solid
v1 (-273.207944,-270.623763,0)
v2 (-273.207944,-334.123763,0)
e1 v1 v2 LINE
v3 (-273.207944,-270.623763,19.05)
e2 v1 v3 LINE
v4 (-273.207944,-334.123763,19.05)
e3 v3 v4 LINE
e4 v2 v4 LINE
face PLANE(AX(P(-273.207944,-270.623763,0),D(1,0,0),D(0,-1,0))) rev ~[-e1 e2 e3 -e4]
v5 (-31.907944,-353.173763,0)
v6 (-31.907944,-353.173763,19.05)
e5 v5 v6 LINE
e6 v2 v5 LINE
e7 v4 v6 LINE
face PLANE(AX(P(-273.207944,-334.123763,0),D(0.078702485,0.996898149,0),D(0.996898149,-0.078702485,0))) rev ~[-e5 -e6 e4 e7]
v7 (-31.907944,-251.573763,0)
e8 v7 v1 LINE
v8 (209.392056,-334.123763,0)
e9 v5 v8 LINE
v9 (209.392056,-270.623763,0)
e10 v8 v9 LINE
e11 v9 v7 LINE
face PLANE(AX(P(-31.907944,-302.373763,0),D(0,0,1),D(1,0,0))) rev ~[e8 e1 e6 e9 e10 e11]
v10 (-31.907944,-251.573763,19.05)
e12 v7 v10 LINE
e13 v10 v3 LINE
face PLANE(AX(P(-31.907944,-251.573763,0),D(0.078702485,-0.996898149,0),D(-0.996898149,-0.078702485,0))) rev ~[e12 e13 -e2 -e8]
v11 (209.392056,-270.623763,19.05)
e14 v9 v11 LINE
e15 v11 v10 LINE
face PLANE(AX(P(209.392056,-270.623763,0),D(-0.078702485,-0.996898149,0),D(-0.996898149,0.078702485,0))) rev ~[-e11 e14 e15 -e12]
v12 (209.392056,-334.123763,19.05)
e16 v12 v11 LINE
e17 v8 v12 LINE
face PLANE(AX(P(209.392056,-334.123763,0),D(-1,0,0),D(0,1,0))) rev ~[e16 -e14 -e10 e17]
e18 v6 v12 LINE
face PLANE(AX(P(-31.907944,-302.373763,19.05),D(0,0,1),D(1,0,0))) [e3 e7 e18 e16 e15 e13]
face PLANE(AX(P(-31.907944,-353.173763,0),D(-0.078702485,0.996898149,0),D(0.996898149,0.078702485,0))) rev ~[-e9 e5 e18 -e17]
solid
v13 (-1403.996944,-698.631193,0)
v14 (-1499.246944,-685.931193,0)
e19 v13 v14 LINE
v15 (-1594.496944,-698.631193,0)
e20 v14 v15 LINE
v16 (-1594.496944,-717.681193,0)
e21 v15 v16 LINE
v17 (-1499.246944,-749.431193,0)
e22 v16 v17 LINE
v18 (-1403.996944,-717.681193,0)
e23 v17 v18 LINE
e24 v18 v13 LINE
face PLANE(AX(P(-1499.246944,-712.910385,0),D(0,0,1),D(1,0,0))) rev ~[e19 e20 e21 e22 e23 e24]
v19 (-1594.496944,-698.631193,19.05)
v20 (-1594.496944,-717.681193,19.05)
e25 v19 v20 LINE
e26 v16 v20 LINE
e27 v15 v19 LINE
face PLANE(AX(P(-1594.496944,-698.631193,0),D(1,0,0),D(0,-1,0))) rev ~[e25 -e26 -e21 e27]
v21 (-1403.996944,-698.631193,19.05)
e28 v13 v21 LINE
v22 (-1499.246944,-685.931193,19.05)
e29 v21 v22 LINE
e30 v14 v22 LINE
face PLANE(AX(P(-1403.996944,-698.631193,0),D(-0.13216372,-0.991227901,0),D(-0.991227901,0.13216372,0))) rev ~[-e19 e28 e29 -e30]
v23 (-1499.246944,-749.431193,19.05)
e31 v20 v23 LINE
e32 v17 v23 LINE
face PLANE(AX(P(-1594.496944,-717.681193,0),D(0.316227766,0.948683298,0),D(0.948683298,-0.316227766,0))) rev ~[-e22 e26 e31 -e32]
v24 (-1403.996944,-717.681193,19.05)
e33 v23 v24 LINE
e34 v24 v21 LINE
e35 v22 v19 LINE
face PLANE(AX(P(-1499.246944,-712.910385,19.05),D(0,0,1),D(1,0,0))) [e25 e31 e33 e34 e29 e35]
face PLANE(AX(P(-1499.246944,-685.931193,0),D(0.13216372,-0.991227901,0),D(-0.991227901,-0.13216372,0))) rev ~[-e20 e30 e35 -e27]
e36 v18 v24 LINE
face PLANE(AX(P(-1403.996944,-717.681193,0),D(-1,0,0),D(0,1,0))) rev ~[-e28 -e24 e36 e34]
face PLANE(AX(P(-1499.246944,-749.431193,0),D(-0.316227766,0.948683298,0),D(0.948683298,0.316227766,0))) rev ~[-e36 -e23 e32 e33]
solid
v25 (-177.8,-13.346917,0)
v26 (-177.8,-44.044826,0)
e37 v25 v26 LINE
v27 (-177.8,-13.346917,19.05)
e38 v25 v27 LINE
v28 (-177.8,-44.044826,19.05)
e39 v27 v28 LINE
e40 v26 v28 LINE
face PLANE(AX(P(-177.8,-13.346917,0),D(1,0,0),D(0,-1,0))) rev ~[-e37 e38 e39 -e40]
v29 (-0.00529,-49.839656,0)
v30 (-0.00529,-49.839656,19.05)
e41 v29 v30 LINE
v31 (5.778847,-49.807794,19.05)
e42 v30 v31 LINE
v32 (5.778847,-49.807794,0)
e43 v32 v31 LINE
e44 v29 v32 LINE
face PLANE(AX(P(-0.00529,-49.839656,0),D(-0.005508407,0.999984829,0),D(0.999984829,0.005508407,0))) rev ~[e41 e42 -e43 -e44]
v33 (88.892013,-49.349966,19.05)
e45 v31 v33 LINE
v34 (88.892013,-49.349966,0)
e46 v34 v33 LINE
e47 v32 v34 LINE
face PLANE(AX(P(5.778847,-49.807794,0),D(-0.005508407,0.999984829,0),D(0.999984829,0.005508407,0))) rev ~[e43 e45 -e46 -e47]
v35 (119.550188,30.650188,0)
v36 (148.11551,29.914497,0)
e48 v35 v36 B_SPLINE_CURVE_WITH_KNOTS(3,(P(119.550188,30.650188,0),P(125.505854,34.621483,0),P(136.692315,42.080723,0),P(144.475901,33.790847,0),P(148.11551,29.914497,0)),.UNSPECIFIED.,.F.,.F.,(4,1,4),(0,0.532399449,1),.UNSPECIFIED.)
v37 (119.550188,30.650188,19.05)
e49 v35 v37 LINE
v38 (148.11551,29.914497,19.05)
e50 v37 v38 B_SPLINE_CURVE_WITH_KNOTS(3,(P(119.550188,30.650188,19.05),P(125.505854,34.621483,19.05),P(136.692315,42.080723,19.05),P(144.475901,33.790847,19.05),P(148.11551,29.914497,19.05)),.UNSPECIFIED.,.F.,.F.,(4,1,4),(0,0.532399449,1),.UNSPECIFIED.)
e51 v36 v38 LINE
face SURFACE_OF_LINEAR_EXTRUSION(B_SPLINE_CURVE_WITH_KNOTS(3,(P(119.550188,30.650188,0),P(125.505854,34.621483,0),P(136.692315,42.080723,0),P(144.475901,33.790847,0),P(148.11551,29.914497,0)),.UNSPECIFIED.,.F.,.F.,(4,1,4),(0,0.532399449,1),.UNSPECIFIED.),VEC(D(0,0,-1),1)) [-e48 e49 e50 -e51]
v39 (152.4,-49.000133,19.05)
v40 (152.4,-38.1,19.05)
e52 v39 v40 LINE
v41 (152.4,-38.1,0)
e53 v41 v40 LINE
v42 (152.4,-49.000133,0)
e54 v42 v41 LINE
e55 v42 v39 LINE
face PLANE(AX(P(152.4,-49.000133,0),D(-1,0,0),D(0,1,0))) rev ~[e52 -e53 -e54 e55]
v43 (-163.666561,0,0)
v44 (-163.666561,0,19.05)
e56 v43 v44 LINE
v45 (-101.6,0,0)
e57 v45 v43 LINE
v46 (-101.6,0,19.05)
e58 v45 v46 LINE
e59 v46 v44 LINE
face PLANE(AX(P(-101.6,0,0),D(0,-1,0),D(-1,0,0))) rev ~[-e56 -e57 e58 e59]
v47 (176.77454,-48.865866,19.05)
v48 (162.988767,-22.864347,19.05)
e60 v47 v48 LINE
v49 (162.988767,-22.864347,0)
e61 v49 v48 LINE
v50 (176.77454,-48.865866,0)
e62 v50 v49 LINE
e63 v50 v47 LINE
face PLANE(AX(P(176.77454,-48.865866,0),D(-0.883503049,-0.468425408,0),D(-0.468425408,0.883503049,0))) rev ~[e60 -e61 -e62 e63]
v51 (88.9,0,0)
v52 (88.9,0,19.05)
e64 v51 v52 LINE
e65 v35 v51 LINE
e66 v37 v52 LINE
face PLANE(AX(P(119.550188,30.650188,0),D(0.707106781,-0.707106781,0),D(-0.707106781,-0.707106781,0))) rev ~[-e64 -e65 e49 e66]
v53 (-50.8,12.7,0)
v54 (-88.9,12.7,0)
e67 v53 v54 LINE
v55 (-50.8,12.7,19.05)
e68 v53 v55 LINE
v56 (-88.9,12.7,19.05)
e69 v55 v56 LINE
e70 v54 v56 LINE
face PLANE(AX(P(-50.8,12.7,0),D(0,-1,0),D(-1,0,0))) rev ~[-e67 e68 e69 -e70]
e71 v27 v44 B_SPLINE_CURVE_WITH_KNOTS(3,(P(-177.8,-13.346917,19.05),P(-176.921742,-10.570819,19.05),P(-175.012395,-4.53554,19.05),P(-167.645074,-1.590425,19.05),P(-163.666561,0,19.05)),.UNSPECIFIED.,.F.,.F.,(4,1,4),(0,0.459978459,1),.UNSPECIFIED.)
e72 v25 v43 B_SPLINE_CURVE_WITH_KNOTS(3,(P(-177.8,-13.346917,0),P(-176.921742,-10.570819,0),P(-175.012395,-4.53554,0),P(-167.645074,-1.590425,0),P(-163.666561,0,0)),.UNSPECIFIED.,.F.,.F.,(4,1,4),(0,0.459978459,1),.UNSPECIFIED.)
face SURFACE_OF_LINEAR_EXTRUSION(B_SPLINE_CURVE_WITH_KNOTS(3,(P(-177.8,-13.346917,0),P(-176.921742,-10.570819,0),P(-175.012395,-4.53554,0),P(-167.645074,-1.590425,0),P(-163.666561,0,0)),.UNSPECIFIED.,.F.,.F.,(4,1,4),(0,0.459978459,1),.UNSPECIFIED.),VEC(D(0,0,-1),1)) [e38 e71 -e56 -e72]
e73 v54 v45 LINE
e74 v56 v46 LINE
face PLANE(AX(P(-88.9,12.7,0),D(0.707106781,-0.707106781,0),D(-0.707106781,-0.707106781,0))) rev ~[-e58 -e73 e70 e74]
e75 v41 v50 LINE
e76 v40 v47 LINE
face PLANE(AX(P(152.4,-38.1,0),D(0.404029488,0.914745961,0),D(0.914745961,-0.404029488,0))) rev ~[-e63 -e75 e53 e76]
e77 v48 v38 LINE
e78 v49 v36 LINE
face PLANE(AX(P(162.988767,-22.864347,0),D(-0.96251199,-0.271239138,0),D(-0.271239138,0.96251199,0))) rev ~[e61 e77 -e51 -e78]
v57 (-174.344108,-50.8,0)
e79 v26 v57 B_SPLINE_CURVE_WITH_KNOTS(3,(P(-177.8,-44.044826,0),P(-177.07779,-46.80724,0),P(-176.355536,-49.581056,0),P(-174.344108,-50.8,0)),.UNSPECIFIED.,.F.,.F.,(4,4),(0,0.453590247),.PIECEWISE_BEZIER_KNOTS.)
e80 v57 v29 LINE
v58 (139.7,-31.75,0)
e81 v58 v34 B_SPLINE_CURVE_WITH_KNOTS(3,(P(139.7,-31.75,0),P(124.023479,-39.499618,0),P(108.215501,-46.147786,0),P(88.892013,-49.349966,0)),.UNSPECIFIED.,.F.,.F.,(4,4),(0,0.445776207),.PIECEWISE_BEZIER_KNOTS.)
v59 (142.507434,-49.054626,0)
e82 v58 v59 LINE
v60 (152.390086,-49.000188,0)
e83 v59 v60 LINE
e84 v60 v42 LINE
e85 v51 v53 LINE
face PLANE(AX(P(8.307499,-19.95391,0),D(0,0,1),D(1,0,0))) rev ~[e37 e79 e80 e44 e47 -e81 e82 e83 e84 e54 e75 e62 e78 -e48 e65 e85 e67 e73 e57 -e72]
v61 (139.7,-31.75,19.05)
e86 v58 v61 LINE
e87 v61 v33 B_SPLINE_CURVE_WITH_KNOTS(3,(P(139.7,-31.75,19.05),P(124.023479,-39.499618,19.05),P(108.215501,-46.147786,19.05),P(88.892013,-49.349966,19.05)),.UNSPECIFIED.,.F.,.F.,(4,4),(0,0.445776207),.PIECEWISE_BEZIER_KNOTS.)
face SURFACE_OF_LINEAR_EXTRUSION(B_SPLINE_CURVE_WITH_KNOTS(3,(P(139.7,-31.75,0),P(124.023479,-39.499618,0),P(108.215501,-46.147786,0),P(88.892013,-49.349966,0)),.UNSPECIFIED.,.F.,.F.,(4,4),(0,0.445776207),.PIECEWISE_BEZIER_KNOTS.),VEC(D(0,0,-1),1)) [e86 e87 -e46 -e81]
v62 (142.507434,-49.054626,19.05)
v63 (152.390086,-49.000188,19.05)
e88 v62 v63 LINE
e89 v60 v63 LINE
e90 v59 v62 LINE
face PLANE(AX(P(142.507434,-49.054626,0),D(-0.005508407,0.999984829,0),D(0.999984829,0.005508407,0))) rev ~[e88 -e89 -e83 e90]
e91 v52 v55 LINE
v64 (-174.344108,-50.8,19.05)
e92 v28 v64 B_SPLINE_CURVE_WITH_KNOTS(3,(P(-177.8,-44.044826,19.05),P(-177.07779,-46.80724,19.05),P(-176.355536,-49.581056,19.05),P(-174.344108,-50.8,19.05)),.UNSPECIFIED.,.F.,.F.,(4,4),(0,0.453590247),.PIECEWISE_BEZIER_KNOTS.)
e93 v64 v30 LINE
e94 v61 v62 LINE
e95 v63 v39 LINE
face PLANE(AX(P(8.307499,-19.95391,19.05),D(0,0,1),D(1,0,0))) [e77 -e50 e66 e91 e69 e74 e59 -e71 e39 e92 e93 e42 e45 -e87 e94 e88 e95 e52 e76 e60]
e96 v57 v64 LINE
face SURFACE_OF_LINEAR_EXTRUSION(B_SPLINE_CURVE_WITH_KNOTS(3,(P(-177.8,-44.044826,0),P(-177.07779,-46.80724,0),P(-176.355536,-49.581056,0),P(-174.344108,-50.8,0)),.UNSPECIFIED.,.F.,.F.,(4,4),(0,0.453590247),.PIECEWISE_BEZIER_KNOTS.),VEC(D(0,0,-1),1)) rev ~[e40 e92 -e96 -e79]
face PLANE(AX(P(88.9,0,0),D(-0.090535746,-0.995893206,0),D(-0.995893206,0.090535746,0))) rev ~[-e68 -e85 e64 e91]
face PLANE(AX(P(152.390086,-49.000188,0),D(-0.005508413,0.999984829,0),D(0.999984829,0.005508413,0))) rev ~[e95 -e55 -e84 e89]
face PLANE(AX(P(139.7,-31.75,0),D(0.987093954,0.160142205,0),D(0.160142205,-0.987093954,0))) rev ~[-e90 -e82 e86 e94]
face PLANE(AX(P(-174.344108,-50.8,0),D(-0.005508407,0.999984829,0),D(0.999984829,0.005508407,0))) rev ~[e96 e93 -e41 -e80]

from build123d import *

# Parameters (mm, degrees)
F3_DEPTH = 19.05
F4_DEPTH = 19.05
F5_DEPTH = 19.05


with BuildPart() as f3:
    # F0 (on Top) → F3 (new body)
    with BuildSketch(Plane.XY):
        with BuildLine():
            add(Edge.make_bspline(
                [(-177.8, -44.0448261797), (-177.0777895805, -46.8072402804), (-176.3555364748, -49.58105635), (-174.3441075087, -50.8)],
                knots=[0, 0, 0, 0, 0.4535902473, 0.4535902473, 0.4535902473, 0.4535902473], degree=3))
            Line((-174.3441075087, -50.8), (-163.3332285527, -50.7393466807))
            Line((-163.3332285527, -50.7393466807), (-101.6022072413, -50.3993019521))
            Line((-101.6022072413, -50.3993019521), (-88.9025925916, -50.3293462487))
            Line((-88.9025925916, -50.3293462487), (-50.8037486425, -50.1194791385))
            Line((-50.8037486425, -50.1194791385), (-0.0052900438, -49.8396563249))
            Line((-0.0052900438, -49.8396563249), (5.7788467086, -49.807794464))
            Line((5.7788467086, -49.807794464), (88.8920125041, -49.3499664011))
            add(Edge.make_bspline(
                [(139.7, -31.75), (124.0234794468, -39.4996184949), (108.2155005248, -46.1477855032), (88.8920125041, -49.3499664011)],
                knots=[0, 0, 0, 0, 0.4457762067, 0.4457762067, 0.4457762067, 0.4457762067], degree=3))
            Line((139.7, -31.75), (142.5074338913, -49.0546263754))
            Line((142.5074338913, -49.0546263754), (152.3900857525, -49.0001878841))
            Line((152.3900857525, -49.0001878841), (152.4, -49.0001332715))
            Line((152.4, -49.0001332715), (152.4, -38.1))
            Line((152.4, -38.1), (176.774539657, -48.8658663576))
            Line((176.774539657, -48.8658663576), (162.9887670279, -22.8643473238))
            Line((162.9887670279, -22.8643473238), (148.1155100606, 29.9144967843))
            add(Edge.make_bspline(
                [(119.5501881436, 30.6501881436), (125.5058537914, 34.6214833979), (136.6923147426, 42.0807233747), (144.4759008901, 33.7908473707), (148.1155100606, 29.9144967843)],
                knots=[0, 0, 0, 0, 0.5323994491, 1, 1, 1, 1], degree=3))
            Line((119.5501881436, 30.6501881436), (88.9, 0))
            Line((88.9, 0), (-50.8, 12.7))
            Line((-50.8, 12.7), (-88.9, 12.7))
            Line((-88.9, 12.7), (-101.6, 0))
            Line((-101.6, 0), (-163.6665612459, 0))
            add(Edge.make_bspline(
                [(-177.8, -13.3469169959), (-176.921741721, -10.5708188304), (-175.0123951815, -4.535540197), (-167.6450735995, -1.5904254201), (-163.6665612459, 0)],
                knots=[0, 0, 0, 0, 0.459978459, 1, 1, 1, 1], degree=3))
            Line((-177.8, -13.3469169959), (-177.8, -44.0448261797))
        make_face()
    extrude(amount=F3_DEPTH)


with BuildPart() as f4:
    # F1 (on Top) → F4 (new body)
    with BuildSketch(Plane.XY):
        Polygon((-31.9079441309, -251.5737625599), (-273.2079441309, -270.6237625599), (-273.2079441309, -334.1237625599), (-31.9079441309, -353.1737625599), (209.3920558691, -334.1237625599), (209.3920558691, -270.6237625599), align=None)
    extrude(amount=F4_DEPTH)


with BuildPart() as f5:
    # F2 (on Top) → F5 (new body)
    with BuildSketch(Plane.XY):
        Polygon((-1499.2469444275, -685.9311928749), (-1594.4969444275, -698.6311928749), (-1594.4969444275, -717.6811928749), (-1499.2469444275, -749.4311928749), (-1403.9969444275, -717.6811928749), (-1403.9969444275, -698.6311928749), align=None)
    extrude(amount=F5_DEPTH)


solid = Compound([f3.part, f4.part, f5.part])
